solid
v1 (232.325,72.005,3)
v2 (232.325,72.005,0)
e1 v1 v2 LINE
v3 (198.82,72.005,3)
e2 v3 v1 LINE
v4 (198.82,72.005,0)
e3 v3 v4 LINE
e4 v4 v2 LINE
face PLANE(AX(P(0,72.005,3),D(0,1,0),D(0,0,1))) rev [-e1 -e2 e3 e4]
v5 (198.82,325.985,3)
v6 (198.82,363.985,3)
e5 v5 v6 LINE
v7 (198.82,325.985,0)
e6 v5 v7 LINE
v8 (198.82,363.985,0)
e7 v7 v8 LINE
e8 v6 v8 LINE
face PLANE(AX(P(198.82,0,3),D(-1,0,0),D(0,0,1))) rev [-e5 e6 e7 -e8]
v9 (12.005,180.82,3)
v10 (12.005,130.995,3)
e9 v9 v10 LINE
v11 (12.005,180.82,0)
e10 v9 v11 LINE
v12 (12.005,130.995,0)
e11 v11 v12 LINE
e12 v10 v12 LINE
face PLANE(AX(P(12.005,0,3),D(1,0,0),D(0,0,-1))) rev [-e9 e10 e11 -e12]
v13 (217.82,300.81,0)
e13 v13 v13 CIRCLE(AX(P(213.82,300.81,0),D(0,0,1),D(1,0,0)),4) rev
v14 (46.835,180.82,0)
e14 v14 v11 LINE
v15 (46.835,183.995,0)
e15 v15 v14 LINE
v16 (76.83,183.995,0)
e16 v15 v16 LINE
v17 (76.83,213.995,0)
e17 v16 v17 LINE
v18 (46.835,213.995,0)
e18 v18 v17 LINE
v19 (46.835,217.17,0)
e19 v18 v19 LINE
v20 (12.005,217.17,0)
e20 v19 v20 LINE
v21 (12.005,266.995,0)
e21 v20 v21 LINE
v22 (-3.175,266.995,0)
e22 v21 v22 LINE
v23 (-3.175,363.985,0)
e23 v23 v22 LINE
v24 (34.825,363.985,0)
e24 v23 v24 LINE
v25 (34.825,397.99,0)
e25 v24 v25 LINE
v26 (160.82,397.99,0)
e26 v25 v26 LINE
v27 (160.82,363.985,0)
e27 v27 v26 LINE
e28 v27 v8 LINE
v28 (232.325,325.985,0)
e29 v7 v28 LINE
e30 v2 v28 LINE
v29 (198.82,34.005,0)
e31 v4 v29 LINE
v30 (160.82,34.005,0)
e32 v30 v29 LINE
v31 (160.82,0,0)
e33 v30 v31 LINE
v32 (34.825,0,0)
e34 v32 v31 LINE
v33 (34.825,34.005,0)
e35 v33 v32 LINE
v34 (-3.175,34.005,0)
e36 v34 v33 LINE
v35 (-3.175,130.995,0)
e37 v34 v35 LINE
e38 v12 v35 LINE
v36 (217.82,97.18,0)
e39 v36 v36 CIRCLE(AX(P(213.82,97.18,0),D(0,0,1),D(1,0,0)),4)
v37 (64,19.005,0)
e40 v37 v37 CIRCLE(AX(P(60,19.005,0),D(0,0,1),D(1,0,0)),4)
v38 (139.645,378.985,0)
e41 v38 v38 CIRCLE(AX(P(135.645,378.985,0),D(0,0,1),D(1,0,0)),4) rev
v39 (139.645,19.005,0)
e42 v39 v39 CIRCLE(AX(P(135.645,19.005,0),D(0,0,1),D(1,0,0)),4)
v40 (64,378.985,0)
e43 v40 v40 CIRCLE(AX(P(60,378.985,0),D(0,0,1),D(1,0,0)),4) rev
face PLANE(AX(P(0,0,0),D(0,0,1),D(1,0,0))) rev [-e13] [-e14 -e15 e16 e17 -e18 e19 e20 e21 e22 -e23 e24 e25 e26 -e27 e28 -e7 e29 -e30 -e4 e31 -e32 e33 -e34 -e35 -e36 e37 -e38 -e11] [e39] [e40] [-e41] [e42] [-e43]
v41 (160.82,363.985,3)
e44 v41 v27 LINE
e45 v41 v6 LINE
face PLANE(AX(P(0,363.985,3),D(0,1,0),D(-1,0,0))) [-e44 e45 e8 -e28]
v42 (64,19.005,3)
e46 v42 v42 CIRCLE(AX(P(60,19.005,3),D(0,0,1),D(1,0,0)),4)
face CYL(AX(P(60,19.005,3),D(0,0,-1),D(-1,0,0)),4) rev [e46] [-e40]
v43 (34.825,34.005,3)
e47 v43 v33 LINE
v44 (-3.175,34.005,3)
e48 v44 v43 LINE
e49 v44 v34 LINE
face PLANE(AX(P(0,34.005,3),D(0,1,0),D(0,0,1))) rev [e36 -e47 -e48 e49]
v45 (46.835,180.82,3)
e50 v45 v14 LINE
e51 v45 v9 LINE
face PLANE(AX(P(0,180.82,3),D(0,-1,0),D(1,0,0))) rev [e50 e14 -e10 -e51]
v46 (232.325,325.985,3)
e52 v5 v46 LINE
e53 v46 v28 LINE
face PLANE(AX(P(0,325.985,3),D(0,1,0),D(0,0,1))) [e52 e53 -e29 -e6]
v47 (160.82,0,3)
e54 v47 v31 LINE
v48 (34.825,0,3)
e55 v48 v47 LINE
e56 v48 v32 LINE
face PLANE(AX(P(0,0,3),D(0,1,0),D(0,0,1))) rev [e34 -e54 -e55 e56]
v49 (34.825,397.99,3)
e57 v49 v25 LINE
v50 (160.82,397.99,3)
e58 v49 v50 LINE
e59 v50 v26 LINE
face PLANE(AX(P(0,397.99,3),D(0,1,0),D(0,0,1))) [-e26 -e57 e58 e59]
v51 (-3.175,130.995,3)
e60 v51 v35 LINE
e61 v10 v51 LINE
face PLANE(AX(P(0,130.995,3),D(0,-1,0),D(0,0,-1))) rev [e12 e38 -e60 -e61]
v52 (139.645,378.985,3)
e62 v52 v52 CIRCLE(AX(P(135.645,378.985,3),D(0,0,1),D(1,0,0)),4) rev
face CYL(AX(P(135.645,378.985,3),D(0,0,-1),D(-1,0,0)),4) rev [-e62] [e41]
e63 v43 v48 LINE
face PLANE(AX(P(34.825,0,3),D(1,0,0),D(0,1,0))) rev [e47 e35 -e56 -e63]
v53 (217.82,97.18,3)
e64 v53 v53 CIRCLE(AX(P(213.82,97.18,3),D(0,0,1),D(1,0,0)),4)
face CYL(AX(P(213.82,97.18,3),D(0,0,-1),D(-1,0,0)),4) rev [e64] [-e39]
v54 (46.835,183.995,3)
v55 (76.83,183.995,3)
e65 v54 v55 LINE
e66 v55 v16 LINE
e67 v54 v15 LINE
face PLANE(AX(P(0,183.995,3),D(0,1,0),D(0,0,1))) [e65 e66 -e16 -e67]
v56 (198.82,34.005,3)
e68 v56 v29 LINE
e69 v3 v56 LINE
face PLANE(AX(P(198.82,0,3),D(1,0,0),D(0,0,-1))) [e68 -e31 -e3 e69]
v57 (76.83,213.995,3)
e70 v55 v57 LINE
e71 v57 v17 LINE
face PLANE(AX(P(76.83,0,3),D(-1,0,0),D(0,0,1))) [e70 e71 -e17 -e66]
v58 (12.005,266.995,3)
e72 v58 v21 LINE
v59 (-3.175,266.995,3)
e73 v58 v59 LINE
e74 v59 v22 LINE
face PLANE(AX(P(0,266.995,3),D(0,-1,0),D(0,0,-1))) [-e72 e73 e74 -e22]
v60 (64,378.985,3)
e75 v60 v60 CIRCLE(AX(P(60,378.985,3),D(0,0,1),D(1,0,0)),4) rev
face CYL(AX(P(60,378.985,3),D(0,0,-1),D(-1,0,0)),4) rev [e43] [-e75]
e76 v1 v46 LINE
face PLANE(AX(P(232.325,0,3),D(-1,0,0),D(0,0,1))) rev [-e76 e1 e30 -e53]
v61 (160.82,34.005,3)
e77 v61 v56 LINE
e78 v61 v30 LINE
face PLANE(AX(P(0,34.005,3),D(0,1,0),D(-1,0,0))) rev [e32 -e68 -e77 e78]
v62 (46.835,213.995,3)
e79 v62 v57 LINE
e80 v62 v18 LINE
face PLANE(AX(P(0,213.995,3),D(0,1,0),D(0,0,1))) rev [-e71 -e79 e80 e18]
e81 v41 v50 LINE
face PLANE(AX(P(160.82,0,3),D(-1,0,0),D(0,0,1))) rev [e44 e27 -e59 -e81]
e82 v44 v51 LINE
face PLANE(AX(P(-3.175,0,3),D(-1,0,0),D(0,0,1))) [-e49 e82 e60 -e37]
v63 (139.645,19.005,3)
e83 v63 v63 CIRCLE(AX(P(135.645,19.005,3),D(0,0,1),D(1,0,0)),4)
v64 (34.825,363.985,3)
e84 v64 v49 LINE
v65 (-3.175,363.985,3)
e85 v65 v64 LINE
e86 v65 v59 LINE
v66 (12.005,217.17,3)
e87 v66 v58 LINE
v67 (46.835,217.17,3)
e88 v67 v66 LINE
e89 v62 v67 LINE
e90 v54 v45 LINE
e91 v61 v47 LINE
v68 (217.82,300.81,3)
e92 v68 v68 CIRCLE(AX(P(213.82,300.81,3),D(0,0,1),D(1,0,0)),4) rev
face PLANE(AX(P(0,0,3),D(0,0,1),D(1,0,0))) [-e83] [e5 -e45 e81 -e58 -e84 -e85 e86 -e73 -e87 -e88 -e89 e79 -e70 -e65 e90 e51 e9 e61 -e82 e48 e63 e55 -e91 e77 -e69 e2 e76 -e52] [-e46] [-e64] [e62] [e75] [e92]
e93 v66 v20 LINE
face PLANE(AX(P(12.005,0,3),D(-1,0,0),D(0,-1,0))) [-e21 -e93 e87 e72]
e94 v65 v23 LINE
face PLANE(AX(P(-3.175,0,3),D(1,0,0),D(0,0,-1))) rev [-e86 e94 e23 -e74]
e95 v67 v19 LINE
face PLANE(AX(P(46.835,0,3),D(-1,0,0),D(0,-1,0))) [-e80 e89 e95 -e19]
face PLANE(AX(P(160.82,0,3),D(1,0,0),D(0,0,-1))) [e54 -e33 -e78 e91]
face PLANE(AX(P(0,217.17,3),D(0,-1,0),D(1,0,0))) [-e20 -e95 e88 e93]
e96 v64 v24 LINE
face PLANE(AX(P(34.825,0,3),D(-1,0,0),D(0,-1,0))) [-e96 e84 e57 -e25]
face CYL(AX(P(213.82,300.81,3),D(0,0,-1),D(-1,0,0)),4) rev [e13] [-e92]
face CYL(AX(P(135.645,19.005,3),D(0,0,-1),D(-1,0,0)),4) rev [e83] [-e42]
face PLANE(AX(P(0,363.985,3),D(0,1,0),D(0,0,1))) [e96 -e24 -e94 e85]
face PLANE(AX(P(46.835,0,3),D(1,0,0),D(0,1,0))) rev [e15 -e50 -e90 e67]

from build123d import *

# Parameters (mm, degrees)
SKETCH1_R           = 4
BOSS_EXTRUDE2_DEPTH = 3


with BuildPart() as part:
    # Sketch1 → Boss-Extrude2 (new body)
    with BuildSketch(Plane.XY):
        Polygon((160.82, 34.005), (195.645, 34.005), (198.82, 34.005), (198.82, 37.18), (198.82, 72.005), (232.325, 72.005), (232.325, 325.985), (198.82, 325.985), (198.82, 360.81), (198.82, 363.985), (195.645, 363.985), (160.82, 363.985), (160.82, 397.99), (34.825, 397.99), (34.825, 363.985), (0, 363.985), (-3.175, 363.985), (-3.175, 266.995), (12.005, 266.995), (12.005, 252), (12.005, 217.17), (46.835, 217.17), (46.835, 213.995), (76.83, 213.995), (76.83, 183.995), (46.835, 183.995), (46.835, 180.82), (12.005, 180.82), (12.005, 145.99), (12.005, 130.995), (-3.175, 130.995), (-3.175, 34.005), (0, 34.005), (34.825, 34.005), (34.825, 0), (160.82, 0), align=None)
        with Locations((60, 19.005)):
            Circle(SKETCH1_R, mode=Mode.SUBTRACT)
        with Locations((135.645, 19.005)):
            Circle(SKETCH1_R, mode=Mode.SUBTRACT)
        with Locations((213.82, 97.18)):
            Circle(SKETCH1_R, mode=Mode.SUBTRACT)
        with Locations((60, 378.985)):
            Circle(SKETCH1_R, mode=Mode.SUBTRACT)
        with Locations((135.645, 378.985)):
            Circle(SKETCH1_R, mode=Mode.SUBTRACT)
        with Locations((213.82, 300.81)):
            Circle(SKETCH1_R, mode=Mode.SUBTRACT)
    extrude(amount=BOSS_EXTRUDE2_DEPTH)


solid = part.part
